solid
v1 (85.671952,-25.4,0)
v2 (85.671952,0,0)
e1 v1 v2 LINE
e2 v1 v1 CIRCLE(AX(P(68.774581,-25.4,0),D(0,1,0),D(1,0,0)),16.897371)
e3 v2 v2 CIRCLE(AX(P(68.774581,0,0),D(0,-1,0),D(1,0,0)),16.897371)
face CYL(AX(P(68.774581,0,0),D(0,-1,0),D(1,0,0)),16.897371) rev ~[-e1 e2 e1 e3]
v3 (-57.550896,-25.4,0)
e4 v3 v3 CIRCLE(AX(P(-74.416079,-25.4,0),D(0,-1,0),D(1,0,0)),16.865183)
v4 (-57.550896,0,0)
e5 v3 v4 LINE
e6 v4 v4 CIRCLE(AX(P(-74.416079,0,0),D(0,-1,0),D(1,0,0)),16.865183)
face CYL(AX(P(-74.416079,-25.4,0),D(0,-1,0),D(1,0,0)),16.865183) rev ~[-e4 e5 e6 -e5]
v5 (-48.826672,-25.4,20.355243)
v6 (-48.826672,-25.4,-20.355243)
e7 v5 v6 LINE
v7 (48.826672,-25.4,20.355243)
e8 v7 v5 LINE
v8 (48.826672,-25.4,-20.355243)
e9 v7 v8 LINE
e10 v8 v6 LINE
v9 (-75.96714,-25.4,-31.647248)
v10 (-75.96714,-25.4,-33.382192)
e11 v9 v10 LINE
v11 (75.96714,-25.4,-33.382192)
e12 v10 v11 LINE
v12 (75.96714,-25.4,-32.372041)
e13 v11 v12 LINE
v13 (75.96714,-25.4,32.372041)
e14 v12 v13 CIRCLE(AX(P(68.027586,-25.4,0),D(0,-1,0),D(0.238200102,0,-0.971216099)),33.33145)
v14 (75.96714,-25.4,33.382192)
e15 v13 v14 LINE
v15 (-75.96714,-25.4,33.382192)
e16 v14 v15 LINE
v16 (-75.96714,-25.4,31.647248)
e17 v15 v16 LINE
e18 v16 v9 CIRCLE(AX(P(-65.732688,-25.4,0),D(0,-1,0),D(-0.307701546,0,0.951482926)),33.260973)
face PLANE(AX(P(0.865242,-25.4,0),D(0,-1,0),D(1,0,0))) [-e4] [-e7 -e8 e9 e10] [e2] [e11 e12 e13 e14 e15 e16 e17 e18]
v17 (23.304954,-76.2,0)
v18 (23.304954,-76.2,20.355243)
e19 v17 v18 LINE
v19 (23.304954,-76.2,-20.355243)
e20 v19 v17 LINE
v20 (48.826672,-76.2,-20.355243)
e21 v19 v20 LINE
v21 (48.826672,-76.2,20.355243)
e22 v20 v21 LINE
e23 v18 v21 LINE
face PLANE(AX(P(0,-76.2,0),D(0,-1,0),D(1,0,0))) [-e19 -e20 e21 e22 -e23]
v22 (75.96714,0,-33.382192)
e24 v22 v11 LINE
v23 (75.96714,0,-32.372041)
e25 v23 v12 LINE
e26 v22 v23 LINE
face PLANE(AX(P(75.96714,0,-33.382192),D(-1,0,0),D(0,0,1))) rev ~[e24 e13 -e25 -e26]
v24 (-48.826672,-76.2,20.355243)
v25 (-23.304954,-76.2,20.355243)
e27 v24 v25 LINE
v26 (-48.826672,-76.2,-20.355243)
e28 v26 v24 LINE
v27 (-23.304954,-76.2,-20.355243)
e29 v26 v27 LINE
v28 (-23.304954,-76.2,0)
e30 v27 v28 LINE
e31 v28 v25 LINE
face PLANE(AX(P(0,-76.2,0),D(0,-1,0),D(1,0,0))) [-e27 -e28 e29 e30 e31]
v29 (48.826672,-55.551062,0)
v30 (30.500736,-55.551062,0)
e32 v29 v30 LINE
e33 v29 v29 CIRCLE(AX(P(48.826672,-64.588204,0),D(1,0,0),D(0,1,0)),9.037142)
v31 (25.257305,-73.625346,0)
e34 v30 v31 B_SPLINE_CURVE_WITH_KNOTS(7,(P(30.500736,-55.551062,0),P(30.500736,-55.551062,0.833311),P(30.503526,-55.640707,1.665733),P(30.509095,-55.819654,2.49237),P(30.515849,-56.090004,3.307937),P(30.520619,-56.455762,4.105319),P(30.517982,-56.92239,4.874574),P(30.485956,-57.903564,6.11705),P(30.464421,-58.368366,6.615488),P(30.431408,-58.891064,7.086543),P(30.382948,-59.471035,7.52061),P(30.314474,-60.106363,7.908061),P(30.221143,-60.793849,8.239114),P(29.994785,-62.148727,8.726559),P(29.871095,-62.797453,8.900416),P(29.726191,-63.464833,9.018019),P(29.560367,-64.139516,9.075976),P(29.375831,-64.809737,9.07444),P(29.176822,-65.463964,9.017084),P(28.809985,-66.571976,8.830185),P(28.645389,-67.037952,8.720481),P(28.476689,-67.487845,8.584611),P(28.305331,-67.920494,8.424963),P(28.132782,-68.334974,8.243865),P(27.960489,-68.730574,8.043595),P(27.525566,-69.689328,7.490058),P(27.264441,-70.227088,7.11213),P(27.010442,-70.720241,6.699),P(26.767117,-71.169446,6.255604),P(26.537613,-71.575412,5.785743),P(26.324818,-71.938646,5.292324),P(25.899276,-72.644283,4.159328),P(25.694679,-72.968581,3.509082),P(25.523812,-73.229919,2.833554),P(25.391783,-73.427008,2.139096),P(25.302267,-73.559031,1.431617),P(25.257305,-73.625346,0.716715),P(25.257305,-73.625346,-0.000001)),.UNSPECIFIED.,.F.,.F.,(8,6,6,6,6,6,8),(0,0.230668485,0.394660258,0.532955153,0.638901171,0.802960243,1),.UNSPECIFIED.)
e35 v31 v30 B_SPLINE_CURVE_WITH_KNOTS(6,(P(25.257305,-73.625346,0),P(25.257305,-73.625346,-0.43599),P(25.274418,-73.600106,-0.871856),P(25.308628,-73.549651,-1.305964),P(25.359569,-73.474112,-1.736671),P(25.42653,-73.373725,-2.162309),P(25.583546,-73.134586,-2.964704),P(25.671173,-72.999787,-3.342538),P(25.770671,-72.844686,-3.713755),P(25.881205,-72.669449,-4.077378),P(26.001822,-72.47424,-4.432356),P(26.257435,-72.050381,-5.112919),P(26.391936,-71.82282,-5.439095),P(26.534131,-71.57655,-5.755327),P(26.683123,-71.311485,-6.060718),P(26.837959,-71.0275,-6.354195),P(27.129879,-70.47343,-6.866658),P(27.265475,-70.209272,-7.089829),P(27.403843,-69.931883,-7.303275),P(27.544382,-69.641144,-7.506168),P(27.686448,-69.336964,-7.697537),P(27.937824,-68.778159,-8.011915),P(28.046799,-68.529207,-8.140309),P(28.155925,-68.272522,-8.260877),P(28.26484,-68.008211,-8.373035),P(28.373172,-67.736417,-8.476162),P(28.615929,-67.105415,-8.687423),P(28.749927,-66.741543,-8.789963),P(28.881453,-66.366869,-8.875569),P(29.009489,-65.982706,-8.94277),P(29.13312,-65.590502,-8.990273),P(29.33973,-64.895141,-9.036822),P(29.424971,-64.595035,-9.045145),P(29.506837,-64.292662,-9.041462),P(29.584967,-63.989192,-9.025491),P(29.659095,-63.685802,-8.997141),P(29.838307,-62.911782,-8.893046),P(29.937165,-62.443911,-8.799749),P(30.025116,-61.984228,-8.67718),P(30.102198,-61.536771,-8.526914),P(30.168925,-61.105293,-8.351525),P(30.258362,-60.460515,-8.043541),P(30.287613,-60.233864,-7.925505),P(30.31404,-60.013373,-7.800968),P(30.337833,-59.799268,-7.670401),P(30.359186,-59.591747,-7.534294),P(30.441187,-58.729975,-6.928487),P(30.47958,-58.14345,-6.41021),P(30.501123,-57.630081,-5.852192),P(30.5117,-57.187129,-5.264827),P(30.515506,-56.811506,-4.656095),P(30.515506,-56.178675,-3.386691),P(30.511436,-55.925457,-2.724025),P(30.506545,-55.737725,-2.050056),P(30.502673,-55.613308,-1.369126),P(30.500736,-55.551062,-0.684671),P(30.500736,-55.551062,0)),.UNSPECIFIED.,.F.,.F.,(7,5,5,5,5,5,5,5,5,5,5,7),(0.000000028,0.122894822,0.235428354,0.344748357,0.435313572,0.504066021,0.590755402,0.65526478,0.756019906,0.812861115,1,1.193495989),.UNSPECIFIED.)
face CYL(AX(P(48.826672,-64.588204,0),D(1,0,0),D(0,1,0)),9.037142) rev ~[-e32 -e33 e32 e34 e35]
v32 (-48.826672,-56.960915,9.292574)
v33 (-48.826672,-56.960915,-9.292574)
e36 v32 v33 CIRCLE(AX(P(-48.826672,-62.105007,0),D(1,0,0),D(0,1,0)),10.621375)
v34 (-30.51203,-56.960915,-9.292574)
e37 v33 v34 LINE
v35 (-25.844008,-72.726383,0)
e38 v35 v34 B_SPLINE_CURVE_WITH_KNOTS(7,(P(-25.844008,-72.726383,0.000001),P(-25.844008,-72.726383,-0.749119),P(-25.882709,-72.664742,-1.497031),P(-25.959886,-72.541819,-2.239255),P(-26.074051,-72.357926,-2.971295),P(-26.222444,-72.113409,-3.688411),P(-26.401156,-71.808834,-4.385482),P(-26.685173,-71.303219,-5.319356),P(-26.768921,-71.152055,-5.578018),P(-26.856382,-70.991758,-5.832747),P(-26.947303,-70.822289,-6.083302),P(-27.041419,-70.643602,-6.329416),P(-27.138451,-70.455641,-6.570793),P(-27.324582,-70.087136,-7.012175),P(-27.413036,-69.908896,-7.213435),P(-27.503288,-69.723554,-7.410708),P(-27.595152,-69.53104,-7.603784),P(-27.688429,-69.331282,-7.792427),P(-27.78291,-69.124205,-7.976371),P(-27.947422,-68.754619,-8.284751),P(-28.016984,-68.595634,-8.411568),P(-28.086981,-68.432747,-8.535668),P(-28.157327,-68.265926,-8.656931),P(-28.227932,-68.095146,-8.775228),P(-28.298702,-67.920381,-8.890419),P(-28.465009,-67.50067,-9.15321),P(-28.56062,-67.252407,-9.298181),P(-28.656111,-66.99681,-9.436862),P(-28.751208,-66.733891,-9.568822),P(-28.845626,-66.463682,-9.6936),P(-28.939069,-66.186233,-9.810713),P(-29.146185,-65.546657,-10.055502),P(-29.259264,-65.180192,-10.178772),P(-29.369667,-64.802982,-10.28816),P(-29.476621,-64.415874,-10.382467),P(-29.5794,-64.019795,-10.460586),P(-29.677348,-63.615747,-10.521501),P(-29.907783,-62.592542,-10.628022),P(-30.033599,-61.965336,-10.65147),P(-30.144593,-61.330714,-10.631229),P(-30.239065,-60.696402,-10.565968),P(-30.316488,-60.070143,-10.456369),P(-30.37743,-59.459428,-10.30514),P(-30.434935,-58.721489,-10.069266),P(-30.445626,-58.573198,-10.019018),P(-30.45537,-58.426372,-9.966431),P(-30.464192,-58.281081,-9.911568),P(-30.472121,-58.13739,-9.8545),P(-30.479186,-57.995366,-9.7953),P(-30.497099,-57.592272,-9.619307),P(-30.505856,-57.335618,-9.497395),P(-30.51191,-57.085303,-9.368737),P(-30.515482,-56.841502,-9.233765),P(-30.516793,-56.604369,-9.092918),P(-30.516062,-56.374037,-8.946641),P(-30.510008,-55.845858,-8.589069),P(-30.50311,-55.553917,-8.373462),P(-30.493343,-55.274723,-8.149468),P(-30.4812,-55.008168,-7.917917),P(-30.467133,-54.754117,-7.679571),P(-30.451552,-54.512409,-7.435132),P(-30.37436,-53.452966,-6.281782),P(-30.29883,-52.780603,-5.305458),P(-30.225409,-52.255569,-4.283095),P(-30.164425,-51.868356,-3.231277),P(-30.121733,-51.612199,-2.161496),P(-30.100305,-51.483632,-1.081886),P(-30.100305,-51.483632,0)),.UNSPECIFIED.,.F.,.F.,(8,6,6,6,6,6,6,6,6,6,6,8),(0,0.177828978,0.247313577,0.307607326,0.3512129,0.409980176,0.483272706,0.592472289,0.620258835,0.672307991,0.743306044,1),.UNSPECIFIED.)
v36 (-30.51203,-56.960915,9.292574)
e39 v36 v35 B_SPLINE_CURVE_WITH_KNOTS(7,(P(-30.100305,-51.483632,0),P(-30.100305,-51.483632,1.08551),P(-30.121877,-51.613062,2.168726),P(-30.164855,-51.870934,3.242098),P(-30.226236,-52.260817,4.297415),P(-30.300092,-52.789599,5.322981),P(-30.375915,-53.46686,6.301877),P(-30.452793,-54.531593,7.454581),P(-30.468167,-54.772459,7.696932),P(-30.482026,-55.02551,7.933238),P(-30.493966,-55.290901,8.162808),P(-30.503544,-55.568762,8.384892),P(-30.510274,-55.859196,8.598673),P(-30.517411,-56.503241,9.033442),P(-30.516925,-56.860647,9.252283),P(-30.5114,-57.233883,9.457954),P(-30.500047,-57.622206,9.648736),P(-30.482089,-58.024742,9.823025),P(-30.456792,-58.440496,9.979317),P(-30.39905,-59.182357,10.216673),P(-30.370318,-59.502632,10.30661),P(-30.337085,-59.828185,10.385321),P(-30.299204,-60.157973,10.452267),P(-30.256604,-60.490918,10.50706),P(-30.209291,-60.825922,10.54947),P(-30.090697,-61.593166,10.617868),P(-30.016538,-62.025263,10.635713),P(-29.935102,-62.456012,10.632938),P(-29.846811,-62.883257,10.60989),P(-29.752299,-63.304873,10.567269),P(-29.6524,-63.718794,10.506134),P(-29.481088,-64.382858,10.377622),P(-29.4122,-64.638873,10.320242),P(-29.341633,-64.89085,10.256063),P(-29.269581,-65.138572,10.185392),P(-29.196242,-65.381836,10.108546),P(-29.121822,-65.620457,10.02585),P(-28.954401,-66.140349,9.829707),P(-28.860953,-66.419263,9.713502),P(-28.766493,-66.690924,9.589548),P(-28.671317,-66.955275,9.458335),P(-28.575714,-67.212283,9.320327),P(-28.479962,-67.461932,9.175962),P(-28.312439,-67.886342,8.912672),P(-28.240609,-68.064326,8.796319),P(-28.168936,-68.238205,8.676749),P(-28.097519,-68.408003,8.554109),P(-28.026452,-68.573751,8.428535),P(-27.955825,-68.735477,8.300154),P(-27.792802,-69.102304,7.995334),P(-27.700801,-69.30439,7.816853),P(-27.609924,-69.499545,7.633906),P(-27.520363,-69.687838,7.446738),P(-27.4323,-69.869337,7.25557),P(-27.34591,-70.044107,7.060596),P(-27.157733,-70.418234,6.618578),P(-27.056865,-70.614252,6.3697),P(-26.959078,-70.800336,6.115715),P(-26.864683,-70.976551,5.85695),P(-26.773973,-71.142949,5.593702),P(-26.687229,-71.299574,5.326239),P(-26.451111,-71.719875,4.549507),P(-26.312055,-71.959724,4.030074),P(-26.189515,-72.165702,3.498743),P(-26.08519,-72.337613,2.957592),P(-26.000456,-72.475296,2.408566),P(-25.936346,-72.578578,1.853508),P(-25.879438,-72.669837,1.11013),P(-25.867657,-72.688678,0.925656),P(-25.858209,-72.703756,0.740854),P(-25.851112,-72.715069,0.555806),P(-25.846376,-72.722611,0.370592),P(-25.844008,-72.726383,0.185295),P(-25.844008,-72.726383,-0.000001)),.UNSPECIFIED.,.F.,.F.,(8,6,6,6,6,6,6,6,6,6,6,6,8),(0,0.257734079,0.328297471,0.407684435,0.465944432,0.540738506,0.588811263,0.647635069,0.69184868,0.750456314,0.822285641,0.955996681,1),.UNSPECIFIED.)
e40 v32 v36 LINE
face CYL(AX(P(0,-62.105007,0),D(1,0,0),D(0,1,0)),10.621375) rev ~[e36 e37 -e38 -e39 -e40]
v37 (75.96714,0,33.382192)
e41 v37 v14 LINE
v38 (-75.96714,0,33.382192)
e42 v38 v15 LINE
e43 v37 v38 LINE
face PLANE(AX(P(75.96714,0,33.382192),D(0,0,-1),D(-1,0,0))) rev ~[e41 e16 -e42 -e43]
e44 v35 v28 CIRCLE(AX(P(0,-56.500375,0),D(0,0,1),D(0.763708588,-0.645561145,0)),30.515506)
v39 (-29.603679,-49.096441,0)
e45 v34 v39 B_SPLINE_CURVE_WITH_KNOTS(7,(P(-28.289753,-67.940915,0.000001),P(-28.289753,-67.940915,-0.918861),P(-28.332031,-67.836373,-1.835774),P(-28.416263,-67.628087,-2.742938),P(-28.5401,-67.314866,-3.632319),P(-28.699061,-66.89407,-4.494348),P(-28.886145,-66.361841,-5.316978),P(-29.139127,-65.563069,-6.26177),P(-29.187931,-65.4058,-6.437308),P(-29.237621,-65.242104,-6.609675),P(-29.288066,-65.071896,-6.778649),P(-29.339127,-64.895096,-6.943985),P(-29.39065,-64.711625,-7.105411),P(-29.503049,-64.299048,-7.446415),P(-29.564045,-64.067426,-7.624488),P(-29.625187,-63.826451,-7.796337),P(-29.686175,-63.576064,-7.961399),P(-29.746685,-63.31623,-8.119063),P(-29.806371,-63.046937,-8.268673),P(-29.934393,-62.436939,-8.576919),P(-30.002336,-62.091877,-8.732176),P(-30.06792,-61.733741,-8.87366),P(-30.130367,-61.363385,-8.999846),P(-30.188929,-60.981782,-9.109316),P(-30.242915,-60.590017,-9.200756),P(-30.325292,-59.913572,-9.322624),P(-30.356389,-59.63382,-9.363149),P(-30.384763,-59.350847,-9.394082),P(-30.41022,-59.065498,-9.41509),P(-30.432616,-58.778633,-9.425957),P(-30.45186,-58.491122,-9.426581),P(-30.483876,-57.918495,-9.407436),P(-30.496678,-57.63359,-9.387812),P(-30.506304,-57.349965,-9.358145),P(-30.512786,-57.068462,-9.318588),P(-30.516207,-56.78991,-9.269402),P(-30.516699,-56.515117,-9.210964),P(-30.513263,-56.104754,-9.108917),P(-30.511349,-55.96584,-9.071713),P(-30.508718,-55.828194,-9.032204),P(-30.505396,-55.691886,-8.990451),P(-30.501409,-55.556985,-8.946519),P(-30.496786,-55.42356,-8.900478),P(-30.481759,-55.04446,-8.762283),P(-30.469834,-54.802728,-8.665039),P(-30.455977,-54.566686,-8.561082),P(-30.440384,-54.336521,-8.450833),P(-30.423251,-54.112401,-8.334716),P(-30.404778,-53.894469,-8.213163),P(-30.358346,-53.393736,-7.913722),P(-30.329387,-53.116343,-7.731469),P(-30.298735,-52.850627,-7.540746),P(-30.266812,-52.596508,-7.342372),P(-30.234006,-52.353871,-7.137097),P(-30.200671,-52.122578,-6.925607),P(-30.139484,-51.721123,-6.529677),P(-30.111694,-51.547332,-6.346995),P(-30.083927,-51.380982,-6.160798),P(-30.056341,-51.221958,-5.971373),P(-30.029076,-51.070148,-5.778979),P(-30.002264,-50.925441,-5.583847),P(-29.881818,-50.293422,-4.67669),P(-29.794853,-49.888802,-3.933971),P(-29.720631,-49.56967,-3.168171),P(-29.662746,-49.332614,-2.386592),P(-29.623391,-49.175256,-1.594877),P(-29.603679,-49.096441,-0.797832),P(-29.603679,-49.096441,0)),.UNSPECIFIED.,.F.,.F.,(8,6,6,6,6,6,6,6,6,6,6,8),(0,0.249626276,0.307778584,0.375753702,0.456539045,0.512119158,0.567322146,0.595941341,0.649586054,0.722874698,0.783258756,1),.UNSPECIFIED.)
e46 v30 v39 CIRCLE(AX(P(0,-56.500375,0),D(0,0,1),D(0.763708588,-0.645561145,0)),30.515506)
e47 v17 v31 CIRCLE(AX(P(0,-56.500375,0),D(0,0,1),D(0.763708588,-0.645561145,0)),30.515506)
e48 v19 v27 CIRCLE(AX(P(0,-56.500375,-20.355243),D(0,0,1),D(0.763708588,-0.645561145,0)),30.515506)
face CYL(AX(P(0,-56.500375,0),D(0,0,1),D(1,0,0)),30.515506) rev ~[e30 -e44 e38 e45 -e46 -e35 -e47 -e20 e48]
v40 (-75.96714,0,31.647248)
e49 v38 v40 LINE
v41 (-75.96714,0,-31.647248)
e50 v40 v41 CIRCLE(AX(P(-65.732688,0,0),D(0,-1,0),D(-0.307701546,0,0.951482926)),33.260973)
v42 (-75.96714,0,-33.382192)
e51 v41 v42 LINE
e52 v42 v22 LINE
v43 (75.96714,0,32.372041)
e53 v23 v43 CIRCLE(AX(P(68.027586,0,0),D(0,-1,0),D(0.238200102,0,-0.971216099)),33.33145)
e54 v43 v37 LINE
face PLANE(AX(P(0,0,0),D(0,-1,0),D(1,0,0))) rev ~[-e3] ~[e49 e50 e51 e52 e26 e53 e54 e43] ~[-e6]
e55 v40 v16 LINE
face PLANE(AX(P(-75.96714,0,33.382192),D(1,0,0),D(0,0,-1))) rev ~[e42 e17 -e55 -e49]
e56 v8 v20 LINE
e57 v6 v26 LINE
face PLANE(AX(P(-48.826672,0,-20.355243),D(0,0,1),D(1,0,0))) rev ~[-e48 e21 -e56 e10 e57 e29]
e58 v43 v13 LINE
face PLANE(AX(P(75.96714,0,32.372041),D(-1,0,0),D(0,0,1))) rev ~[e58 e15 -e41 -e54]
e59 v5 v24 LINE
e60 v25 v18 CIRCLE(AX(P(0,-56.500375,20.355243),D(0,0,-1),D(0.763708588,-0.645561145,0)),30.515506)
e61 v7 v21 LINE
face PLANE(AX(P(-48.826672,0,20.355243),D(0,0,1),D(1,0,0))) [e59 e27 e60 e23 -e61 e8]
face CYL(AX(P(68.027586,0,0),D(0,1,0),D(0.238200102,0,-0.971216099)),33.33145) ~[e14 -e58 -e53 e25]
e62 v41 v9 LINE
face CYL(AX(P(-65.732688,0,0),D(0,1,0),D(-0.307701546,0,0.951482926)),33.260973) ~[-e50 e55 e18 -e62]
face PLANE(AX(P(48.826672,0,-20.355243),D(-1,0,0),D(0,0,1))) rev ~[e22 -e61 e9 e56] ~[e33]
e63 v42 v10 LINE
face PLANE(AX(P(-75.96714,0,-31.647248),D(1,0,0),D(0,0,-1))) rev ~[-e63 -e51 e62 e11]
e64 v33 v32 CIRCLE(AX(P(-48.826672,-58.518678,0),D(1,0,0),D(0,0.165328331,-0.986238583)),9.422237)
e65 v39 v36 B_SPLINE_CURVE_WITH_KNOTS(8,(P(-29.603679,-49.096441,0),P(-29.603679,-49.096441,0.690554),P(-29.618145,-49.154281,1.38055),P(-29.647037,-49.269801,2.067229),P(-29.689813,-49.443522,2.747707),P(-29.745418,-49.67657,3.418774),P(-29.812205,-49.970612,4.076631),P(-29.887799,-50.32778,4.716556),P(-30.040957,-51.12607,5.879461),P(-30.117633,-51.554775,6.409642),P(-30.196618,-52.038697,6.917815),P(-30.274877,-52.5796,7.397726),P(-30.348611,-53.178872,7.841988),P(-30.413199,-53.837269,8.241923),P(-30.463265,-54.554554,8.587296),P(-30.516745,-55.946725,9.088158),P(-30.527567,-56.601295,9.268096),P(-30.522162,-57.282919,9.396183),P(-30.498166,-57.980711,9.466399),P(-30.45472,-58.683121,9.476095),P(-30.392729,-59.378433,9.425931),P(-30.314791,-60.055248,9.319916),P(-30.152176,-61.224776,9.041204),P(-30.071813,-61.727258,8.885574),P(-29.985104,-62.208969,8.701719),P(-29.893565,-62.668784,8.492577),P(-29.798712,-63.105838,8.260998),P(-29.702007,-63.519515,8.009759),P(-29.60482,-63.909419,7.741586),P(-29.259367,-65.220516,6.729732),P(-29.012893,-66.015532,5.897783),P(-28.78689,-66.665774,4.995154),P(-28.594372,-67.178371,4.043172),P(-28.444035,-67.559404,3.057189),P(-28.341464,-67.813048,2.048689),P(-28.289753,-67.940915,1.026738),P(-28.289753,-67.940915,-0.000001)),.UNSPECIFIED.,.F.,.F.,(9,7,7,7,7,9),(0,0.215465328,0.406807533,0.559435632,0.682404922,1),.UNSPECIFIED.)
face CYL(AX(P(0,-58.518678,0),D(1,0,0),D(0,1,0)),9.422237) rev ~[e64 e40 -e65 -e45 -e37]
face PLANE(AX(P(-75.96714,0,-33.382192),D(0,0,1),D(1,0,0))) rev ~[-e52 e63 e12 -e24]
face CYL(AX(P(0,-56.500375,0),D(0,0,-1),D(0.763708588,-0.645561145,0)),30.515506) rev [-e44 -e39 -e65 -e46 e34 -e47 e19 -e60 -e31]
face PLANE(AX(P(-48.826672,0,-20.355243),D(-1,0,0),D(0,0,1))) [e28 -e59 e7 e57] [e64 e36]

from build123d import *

# Parameters (mm, degrees)
F2_DEPTH  = 25.4
F3_R      = 14.2869829167
F3_R_2    = 15.0362053168
F4_DEPTH  = 25.4
F5_R      = 15.0979548497
F6_DEPTH  = 25.4
F7_R      = 16.8973706764
F8_DEPTH  = 12.7
F9_DEPTH  = 25.4
F10_R     = 15.3471381564
F11_DEPTH = 76.2
F12_DEPTH = 25.4
F13_R     = 16.8651828774
F14_DEPTH = 25.4
F15_W     = 97.6533442736
F15_H     = 40.7104864717
F16_DEPTH = 76.2
F17_R     = 30.5155055684
F18_DEPTH = 25.4
F19_DEPTH = 25.4
F20_R     = 10.6213754379
F21_DEPTH = 50.8
F22_R     = 9.4222372935
F23_DEPTH = 50.8
F24_R     = 9.0371424161
F25_DEPTH = 25.4


with BuildPart() as f2:
    # F1 (on face) → F2 (new body)
    with BuildSketch(Plane.XZ):
        with BuildLine():
            Line((75.9671404958, 32.3720407565), (75.9671404958, 33.3821922541))
            Line((75.9671404958, 33.3821922541), (-75.9671404958, 33.3821922541))
            Line((-75.9671404958, 33.3821922541), (-75.9671404958, 31.6472478295))
            ThreePointArc((-75.9671404958, 31.6472478295), (-98.9936606225, 0), (-75.9671404958, -31.6472478295))
            Line((-75.9671404958, -31.6472478295), (-75.9671404958, -33.3821922541))
            Line((-75.9671404958, -33.3821922541), (75.9671404958, -33.3821922541))
            Line((75.9671404958, -33.3821922541), (75.9671404958, -32.3720407565))
            ThreePointArc((75.9671404958, -32.3720407565), (101.3590356441, 0), (75.9671404958, 32.3720407565))
        make_face()
    extrude(amount=F2_DEPTH)

    # F3 (on Front) → F4 (cut)
    with BuildSketch(Plane.XZ):
        with Locations((-75.3733813763, 0)):
            Circle(F3_R)
        with Locations((76.2721076608, 0)):
            Circle(F3_R_2)
    extrude(amount=-F4_DEPTH, mode=Mode.SUBTRACT)

    # F5 (on Front) → F6 (cut)
    with BuildSketch(Plane.XZ):
        with Locations((74.6077895164, 0)):
            Circle(F5_R)
    extrude(amount=-F6_DEPTH, mode=Mode.SUBTRACT)

    # F7 (on Front) → F8 (cut, symmetric)
    with BuildSketch(Plane.XZ):
        with Locations((68.7745809555, 0)):
            Circle(F7_R)
    extrude(amount=F8_DEPTH, both=True, mode=Mode.SUBTRACT)

    # F0 (on Front) → F9 (cut)
    with BuildSketch(Plane.XZ):
        with BuildLine():
            Line((75.9671404958, 33.3821922541), (-75.9671404958, 33.3821922541))
            Line((-75.9671404958, 33.3821922541), (-75.9671404958, 31.6472478295))
            ThreePointArc((-75.9671404958, 31.6472478295), (-98.9936606225, 0), (-75.9671404958, -31.6472478295))
            Line((-75.9671404958, -31.6472478295), (-75.9671404958, -33.3821922541))
            Line((-75.9671404958, -33.3821922541), (75.9671404958, -33.3821922541))
            Line((75.9671404958, -33.3821922541), (75.9671404958, -32.3720407565))
            ThreePointArc((75.9671404958, -32.3720407565), (101.3590356441, 0), (75.9671404958, 32.3720407565))
            Line((75.9671404958, 32.3720407565), (75.9671404958, 33.3821922541))
        make_face()
    extrude(amount=-F9_DEPTH, mode=Mode.SUBTRACT)

    # F10 (on Front) → F11 (cut)
    with BuildSketch(Plane.XZ):
        with Locations((-71.0009858012, 0)):
            Circle(F10_R)
    extrude(amount=-F11_DEPTH, mode=Mode.SUBTRACT)

    # F12 (cut): a face of the model
    f12_faces = [f2.faces().sort_by_distance(p)[0] for p in [
        (68.7745809555, -12.7, 0),
    ]]
    extrude(f12_faces, amount=-F12_DEPTH, mode=Mode.SUBTRACT)

    # F13 (on face) → F14 (cut)
    with BuildSketch(Plane.XZ.offset(25.4)):
        with Locations((-74.4160786271, 0)):
            Circle(F13_R)
    extrude(amount=-F14_DEPTH, mode=Mode.SUBTRACT)

    # F15 (on Front) → F16 (join)
    with BuildSketch(Plane.XZ):
        Rectangle(F15_W, F15_H)
    extrude(amount=F16_DEPTH)

    # F17 (on Top) → F18 (cut)
    with BuildSketch(Plane.XY):
        with Locations((0, -56.5003752708)):
            Circle(F17_R)
    extrude(amount=-F18_DEPTH, mode=Mode.SUBTRACT)

    # F19 (cut): a face of the model
    f19_faces = [f2.faces().sort_by_distance(p)[0] for p in [
        (0, -53.2237488091, 0),
    ]]
    extrude(f19_faces, amount=-F19_DEPTH, mode=Mode.SUBTRACT)

    # F20 (on Right) → F21 (cut)
    with BuildSketch(Plane.YZ):
        with Locations((-62.1050074697, 0)):
            Circle(F20_R)
    extrude(amount=-F21_DEPTH, mode=Mode.SUBTRACT)

    # F22 (on Right) → F23 (cut)
    with BuildSketch(Plane.YZ):
        with Locations((-58.5186779499, 0)):
            Circle(F22_R)
    extrude(amount=-F23_DEPTH, mode=Mode.SUBTRACT)

    # F24 (on face) → F25 (cut)
    with BuildSketch(Plane.YZ.offset(48.8266721368)):
        with Locations((-64.5882040262, 0)):
            Circle(F24_R)
    extrude(amount=-F25_DEPTH, mode=Mode.SUBTRACT)


solid = f2.part
